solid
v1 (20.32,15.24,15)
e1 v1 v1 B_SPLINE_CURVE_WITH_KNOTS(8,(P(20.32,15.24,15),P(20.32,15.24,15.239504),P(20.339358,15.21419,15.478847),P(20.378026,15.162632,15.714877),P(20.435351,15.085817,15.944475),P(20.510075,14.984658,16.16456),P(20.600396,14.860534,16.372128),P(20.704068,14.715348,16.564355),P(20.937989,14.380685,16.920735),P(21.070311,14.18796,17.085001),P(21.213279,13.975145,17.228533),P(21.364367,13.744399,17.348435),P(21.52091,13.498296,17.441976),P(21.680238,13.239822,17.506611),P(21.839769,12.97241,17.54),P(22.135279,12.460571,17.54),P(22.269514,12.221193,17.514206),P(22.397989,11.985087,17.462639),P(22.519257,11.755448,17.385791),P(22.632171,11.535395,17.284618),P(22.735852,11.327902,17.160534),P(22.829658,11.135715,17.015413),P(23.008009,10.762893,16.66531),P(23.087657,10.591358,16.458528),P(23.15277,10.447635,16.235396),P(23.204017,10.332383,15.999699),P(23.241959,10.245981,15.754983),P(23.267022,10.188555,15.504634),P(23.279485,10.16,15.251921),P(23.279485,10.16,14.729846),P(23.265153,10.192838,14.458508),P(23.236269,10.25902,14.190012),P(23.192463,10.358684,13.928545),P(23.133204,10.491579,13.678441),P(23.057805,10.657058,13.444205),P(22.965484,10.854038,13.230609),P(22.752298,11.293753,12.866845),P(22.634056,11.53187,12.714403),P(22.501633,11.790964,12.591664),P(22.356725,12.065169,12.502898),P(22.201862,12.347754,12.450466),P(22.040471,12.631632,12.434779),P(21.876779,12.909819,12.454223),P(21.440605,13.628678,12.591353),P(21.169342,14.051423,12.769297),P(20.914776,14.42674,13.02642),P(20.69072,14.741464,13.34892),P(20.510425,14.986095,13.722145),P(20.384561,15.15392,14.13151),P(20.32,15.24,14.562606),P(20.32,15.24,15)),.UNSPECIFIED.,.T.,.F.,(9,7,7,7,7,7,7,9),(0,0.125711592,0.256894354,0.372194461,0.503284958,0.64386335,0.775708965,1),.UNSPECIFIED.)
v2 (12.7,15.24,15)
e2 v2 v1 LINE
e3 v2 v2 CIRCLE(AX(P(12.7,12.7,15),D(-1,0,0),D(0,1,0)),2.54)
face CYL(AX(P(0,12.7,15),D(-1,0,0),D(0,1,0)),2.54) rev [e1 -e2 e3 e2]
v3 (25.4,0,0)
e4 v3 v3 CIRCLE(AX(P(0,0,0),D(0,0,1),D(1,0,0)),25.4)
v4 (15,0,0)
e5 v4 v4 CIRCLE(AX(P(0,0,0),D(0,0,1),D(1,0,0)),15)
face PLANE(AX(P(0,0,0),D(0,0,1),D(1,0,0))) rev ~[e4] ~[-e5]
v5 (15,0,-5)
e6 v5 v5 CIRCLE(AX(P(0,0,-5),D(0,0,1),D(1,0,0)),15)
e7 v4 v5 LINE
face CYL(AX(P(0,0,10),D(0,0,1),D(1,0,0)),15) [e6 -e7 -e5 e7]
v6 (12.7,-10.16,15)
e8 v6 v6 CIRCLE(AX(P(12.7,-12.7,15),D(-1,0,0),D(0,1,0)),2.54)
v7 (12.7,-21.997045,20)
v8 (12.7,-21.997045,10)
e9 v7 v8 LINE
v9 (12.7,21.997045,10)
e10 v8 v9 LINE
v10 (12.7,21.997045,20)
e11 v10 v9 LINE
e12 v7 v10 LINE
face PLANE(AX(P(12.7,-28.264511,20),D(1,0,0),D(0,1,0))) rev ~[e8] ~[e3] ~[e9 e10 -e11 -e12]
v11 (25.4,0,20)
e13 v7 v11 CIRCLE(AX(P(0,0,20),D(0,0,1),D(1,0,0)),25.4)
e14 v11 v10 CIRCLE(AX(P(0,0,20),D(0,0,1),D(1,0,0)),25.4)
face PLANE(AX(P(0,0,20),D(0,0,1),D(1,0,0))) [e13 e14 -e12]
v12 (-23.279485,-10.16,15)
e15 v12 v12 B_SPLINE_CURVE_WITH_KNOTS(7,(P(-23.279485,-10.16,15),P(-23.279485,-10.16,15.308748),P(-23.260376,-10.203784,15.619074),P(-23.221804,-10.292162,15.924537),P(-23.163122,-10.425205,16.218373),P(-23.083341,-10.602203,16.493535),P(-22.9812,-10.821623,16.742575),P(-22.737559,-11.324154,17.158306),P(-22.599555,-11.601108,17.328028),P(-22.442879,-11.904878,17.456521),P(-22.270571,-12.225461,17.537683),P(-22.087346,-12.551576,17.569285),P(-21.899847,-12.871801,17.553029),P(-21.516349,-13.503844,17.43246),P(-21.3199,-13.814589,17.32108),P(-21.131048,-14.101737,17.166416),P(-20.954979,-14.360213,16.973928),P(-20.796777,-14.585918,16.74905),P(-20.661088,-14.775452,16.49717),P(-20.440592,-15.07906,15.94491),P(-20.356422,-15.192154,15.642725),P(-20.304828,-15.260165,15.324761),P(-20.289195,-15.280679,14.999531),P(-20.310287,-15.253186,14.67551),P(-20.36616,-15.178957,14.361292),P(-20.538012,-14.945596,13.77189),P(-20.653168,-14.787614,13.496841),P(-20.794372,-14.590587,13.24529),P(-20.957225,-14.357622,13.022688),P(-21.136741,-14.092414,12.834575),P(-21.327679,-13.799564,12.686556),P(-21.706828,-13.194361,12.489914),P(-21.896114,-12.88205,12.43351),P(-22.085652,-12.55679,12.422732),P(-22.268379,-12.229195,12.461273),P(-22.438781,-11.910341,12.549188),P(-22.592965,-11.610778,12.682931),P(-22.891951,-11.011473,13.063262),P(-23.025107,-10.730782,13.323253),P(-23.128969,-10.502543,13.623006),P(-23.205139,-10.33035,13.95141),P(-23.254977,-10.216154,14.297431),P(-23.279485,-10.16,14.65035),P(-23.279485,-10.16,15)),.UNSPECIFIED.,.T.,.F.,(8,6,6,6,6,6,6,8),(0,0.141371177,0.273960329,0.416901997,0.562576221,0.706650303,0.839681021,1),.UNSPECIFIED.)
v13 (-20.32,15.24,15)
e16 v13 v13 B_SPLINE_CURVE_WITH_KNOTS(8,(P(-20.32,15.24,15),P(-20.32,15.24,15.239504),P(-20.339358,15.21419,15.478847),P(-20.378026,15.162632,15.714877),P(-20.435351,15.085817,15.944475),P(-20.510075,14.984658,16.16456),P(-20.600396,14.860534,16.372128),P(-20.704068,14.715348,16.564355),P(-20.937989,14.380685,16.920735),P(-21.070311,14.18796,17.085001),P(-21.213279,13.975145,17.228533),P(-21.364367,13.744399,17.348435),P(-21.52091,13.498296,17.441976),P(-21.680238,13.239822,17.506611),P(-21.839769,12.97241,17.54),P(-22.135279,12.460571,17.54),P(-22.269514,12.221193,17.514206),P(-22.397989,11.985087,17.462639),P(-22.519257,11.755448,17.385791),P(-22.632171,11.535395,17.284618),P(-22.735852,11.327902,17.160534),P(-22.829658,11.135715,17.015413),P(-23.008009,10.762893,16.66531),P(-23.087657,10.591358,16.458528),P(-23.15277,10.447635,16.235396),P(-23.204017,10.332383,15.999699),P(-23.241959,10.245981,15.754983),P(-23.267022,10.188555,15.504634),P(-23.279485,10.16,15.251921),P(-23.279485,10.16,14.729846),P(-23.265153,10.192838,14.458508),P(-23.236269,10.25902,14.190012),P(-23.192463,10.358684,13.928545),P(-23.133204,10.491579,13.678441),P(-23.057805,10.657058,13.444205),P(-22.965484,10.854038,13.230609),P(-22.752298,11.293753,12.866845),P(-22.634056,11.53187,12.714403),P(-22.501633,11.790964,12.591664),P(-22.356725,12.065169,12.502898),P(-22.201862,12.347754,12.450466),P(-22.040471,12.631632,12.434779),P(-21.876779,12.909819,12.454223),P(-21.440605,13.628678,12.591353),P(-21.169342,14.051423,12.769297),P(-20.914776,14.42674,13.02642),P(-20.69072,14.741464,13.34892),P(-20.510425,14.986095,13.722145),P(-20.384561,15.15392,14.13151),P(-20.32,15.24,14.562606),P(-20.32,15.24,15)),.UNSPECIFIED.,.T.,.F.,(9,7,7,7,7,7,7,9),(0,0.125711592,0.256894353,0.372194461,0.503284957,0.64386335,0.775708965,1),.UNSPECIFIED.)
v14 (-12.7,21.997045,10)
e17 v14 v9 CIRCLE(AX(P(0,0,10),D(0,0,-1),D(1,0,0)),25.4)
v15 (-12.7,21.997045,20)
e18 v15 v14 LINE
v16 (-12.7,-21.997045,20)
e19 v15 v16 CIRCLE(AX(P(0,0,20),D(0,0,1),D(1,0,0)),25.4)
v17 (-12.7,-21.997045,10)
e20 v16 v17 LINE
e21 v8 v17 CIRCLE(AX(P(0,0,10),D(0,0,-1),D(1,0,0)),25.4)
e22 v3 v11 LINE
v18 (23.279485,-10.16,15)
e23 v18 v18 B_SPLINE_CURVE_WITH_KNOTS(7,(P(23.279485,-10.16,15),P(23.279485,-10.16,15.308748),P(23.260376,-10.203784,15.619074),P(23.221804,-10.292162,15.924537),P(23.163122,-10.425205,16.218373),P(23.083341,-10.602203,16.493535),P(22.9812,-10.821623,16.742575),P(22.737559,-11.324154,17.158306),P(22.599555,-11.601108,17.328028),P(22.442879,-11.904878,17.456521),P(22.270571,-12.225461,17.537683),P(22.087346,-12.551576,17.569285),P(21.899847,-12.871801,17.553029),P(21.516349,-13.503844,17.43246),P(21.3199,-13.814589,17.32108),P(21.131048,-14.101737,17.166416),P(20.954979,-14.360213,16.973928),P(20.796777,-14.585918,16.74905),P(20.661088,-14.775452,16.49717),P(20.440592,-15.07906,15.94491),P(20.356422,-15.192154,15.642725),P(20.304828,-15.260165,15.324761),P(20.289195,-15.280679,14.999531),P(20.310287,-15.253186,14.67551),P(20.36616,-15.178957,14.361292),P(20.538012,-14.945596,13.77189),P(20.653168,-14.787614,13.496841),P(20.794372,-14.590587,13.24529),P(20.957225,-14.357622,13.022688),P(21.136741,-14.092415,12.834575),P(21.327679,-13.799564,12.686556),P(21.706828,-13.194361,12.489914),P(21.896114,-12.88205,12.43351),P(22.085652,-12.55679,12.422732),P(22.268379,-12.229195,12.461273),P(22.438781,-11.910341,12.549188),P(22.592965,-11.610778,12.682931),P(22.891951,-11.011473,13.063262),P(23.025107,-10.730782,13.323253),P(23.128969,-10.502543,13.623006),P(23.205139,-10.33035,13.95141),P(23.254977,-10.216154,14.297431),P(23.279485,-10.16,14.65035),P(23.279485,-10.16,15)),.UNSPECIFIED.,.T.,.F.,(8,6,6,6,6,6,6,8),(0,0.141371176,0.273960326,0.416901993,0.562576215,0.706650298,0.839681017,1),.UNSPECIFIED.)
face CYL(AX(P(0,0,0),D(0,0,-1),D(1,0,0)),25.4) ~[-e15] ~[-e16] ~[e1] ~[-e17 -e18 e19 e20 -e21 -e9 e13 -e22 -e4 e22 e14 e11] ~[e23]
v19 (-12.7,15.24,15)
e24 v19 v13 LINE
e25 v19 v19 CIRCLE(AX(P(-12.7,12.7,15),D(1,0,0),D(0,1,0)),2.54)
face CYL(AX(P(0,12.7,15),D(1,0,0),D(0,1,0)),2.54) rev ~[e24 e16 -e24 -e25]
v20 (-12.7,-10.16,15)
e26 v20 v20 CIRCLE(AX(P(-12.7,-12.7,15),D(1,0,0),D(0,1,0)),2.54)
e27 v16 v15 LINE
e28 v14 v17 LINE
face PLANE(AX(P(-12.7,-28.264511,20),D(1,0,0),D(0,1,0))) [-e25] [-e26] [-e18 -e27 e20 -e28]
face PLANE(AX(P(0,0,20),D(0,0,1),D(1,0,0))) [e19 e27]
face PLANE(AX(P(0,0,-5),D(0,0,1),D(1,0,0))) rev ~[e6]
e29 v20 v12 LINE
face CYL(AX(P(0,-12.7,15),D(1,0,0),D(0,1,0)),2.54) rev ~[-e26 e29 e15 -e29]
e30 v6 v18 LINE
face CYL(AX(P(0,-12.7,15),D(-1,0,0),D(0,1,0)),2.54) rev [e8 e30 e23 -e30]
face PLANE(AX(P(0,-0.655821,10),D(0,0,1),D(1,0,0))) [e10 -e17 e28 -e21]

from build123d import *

# Parameters (mm, degrees)
F0_R          = 25.4
F1_DEPTH      = 20
F2_W          = 25.4
F2_H          = 55.2173810765
F3_DEPTH      = 10
F4_R          = 2.54
F5_DEPTH      = 25.4
F5_DEPTH_BACK = 25.4
F6_R          = 15
F7_DEPTH      = 15


with BuildPart() as f1:
    # F0 (on Top) → F1 (new body)
    with BuildSketch(Plane.XY):
        Circle(F0_R)
    extrude(amount=F1_DEPTH)

    # F2 (on face) → F3 (cut)
    with BuildSketch(Plane.XY.offset(20)):
        with Locations((0, -0.6558205932)):
            Rectangle(F2_W, F2_H)
    extrude(amount=-F3_DEPTH, mode=Mode.SUBTRACT)

    # F4 (on Right) → F5 (cut, two sides)
    with BuildSketch(Plane.YZ) as f5_sk:
        with Locations((-12.7, 15)):
            Circle(F4_R)
        with Locations((12.7, 15)):
            Circle(F4_R)
    extrude(amount=-F5_DEPTH, mode=Mode.SUBTRACT)
    extrude(f5_sk.sketch, amount=F5_DEPTH_BACK, mode=Mode.SUBTRACT)

    # F6 (on face) → F7 (join)
    with BuildSketch(Plane.XY.offset(10)):
        Circle(F6_R)
    extrude(amount=-F7_DEPTH)


solid = f1.part
